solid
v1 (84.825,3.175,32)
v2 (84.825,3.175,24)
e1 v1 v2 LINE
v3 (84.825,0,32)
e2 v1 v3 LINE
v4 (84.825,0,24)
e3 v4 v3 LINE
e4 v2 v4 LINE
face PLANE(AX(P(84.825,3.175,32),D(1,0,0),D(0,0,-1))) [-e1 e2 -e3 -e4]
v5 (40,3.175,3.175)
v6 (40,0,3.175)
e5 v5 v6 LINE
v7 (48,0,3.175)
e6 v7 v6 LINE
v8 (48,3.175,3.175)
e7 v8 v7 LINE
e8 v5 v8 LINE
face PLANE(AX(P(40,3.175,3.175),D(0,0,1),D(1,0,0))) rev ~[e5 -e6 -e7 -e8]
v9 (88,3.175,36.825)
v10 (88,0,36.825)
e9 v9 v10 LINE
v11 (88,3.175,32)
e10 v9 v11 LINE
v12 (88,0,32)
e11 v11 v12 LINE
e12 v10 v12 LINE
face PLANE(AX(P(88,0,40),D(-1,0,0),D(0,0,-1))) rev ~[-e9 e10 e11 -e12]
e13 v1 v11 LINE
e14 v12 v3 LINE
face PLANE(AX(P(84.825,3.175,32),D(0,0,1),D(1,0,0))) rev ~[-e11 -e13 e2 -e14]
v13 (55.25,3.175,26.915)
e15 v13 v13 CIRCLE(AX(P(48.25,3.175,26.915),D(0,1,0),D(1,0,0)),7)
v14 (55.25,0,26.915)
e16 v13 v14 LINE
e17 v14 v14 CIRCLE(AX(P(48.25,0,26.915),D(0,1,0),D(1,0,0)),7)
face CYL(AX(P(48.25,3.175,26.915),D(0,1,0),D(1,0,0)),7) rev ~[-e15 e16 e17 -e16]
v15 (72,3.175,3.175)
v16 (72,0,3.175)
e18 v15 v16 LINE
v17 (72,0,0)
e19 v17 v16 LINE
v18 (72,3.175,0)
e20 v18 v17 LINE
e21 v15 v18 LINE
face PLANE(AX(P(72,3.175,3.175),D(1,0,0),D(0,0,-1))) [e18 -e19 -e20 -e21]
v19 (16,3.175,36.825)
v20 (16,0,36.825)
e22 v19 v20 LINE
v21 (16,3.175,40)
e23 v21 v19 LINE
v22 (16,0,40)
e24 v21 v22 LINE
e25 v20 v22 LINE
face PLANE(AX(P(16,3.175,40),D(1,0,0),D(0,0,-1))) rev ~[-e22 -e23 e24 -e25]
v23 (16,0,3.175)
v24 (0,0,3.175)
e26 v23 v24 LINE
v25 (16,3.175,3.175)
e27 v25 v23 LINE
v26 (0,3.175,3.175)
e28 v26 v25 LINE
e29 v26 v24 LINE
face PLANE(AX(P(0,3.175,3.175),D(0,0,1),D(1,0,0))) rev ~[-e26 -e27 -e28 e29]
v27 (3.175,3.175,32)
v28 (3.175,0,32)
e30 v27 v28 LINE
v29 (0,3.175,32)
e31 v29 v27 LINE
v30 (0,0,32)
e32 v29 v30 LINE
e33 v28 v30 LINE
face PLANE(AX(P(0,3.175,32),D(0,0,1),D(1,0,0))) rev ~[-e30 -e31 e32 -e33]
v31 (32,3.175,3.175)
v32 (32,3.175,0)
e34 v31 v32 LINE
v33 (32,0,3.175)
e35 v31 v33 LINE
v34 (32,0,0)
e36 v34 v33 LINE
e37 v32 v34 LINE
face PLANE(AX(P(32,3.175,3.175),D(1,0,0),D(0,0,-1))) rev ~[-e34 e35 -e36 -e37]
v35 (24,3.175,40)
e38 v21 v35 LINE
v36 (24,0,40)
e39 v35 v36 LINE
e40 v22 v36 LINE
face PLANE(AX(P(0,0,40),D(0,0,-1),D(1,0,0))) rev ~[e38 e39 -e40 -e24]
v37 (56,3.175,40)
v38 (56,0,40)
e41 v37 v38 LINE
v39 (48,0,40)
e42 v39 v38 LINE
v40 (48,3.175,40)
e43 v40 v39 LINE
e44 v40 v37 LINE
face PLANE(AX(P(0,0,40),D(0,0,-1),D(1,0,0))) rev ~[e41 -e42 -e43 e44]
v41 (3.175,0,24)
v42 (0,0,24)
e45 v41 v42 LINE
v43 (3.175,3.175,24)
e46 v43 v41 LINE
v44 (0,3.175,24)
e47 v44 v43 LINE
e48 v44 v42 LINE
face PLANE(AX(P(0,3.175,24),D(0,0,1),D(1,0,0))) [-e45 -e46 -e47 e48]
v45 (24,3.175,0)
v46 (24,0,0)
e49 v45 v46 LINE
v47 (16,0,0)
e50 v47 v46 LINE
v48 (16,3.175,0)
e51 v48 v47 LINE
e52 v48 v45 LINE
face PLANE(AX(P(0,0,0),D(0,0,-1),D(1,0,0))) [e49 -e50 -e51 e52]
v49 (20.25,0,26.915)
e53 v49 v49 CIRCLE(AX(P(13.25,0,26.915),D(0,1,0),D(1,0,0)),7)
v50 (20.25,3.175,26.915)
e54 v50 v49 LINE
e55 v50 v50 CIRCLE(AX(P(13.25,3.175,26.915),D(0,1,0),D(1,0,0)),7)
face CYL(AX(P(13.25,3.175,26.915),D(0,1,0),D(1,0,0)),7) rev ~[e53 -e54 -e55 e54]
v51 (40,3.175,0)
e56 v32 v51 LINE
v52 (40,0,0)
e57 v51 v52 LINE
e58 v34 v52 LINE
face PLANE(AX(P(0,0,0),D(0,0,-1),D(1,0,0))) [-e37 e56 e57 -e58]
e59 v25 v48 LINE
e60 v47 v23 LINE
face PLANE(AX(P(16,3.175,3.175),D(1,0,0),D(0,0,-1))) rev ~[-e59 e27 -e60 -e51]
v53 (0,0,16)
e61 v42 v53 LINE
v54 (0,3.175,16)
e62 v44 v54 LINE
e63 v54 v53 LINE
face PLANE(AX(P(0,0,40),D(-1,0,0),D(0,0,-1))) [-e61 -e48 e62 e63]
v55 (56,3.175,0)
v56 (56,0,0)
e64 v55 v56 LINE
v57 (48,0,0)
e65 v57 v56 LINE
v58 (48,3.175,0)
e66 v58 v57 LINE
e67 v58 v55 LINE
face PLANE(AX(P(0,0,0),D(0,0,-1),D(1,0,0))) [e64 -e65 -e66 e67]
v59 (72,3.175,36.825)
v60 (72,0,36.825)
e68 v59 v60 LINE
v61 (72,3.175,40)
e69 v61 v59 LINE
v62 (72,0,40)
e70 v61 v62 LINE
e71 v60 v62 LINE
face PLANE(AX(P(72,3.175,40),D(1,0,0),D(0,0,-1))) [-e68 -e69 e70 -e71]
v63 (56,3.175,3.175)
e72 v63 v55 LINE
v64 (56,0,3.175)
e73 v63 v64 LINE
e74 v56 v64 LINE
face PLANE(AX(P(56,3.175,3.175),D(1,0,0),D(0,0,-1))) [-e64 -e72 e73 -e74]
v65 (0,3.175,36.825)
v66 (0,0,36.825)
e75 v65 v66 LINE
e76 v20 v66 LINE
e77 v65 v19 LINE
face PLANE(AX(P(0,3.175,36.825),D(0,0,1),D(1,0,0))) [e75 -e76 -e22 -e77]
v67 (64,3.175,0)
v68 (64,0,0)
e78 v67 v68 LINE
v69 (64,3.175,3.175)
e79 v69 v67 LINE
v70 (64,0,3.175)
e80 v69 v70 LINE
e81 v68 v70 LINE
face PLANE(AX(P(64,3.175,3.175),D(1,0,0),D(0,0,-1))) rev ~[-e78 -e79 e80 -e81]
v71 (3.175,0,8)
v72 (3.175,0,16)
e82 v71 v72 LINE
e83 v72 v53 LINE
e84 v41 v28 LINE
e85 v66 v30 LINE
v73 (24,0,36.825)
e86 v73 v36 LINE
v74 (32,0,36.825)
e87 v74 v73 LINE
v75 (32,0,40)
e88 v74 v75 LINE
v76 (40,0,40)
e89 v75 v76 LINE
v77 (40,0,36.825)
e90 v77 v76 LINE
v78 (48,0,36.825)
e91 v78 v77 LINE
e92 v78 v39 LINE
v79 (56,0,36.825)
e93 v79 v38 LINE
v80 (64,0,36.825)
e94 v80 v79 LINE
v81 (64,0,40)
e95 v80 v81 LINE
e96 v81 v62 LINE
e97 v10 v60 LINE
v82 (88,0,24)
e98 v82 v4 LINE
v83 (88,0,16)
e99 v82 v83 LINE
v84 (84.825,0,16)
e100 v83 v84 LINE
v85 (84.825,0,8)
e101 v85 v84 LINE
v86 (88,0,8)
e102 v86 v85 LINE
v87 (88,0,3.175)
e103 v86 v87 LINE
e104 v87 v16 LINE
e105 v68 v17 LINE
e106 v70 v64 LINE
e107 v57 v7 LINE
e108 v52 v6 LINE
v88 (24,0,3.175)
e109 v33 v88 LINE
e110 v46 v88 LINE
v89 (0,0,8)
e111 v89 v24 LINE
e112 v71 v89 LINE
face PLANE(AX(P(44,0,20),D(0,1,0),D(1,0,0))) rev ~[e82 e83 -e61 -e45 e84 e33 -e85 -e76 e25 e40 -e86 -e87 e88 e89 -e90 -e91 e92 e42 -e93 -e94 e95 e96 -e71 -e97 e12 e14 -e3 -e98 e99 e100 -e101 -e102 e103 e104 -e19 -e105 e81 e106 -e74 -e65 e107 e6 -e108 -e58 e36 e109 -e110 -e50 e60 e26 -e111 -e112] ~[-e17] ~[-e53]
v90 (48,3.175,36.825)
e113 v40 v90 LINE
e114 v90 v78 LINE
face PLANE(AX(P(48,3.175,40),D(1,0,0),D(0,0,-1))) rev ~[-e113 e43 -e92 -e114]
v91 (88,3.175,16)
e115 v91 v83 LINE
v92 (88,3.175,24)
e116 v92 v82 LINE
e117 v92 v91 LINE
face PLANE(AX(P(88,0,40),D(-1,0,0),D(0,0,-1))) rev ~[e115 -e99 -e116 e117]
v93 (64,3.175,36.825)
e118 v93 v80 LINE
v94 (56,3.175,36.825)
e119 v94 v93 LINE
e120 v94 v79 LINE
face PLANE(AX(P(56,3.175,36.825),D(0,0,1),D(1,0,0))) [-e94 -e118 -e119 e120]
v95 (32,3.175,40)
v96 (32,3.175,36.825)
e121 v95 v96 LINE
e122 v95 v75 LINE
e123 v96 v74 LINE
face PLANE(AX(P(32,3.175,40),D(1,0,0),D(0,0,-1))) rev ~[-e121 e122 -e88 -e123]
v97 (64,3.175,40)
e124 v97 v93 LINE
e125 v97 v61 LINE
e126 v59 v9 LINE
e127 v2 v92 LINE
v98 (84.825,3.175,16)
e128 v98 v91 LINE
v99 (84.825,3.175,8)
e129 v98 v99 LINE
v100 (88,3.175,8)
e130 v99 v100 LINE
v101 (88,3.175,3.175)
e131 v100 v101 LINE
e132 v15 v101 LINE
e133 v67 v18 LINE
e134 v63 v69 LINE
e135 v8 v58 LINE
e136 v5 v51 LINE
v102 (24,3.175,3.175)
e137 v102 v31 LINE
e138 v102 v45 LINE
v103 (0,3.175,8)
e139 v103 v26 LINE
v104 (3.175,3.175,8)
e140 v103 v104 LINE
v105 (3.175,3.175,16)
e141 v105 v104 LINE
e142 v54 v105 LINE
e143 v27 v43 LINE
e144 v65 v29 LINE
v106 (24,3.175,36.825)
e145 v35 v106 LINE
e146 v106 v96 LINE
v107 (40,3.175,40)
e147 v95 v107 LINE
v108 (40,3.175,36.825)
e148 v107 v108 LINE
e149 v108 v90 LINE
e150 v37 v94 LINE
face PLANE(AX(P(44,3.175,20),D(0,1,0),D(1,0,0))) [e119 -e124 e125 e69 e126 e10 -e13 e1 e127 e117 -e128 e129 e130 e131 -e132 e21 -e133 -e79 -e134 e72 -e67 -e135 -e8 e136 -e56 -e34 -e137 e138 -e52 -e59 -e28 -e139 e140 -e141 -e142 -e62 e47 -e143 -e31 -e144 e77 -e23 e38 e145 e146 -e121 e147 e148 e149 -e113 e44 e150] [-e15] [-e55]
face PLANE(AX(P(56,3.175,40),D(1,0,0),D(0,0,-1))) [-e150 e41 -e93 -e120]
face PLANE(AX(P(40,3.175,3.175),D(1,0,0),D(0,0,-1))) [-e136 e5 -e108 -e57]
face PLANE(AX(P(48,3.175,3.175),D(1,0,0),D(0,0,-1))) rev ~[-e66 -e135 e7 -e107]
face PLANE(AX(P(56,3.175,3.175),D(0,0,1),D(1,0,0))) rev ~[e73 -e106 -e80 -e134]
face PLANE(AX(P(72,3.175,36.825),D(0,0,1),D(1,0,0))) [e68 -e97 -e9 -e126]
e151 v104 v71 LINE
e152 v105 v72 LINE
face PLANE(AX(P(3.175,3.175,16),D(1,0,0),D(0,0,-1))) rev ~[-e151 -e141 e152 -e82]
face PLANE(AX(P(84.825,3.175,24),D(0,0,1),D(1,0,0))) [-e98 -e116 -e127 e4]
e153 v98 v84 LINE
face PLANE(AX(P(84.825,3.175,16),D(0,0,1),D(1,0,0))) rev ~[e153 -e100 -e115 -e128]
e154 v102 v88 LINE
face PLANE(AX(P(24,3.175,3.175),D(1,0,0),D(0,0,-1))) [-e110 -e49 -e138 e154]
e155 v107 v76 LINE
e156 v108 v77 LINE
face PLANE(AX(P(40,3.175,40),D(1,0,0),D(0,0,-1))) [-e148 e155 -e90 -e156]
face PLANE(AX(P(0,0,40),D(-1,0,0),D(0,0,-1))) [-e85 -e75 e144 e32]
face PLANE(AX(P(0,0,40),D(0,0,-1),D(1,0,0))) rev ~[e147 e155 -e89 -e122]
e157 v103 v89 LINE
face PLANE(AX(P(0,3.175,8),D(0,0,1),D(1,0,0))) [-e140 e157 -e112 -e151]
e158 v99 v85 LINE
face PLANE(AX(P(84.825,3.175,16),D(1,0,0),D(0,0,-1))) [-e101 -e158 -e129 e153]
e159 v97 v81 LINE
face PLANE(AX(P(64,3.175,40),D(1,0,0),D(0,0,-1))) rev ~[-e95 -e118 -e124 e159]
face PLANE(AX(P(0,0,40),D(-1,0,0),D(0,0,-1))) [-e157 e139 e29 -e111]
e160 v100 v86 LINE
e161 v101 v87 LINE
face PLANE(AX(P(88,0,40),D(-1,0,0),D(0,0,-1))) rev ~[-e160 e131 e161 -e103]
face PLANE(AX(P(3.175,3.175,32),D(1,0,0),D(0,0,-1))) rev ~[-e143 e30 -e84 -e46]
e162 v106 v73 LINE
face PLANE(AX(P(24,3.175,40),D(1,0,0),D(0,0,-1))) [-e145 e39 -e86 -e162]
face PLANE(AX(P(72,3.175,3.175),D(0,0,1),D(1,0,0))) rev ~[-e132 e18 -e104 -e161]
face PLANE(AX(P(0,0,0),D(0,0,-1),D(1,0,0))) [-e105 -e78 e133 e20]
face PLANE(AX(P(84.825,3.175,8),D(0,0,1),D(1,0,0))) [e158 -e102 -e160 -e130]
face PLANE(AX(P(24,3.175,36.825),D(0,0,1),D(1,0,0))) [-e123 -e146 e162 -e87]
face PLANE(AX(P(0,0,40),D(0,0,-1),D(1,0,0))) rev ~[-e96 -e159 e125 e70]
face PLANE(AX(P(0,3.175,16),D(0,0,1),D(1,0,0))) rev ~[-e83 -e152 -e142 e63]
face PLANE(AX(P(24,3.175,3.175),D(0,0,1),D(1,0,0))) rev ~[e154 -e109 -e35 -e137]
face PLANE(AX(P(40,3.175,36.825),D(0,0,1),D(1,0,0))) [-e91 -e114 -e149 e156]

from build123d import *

# Parameters (mm, degrees)
SKETCH1_W           = 88
SKETCH1_H           = 40
BOSS_EXTRUDE1_DEPTH = 3.175
CUT_EXTRUDE1_REACH  = 5.175
SKETCH2_W           = 16
SKETCH2_H           = 3.175
SKETCH2_W_2         = 8
CUT_EXTRUDE2_REACH  = 5.175
SKETCH3_W           = 3.175
SKETCH3_H           = 8
CUT_EXTRUDE3_REACH  = 5.175
SKETCH4_R           = 7


with BuildPart() as part:
    # Sketch1 → Boss-Extrude1 (new body)
    with BuildSketch(Plane(origin=(0, 0, 0), x_dir=(1, 0, 0), z_dir=(0, 1, 0))):
        with Locations((44, -20)):
            Rectangle(SKETCH1_W, SKETCH1_H)
    extrude(amount=BOSS_EXTRUDE1_DEPTH)

    # Sketch2 → Cut-Extrude1 (cut, up to next)
    with BuildSketch(Plane(origin=(0, 3.175, 0), x_dir=(1, 0, 0), z_dir=(0, 1, 0)), mode=Mode.PRIVATE) as cut_extrude1_sk1:
        with Locations((8, -1.5875)):
            Rectangle(SKETCH2_W, SKETCH2_H)
    cut_extrude1_tool1 = extrude(cut_extrude1_sk1.sketch, amount=-CUT_EXTRUDE1_REACH, mode=Mode.PRIVATE) & part.part
    add(cut_extrude1_tool1.solids().sort_by_distance((8, 3.175, 1.5875))[0], mode=Mode.SUBTRACT)
    # Sketch2 → Cut-Extrude1 (cut, up to next)
    with BuildSketch(Plane(origin=(0, 3.175, 0), x_dir=(1, 0, 0), z_dir=(0, 1, 0)), mode=Mode.PRIVATE) as cut_extrude1_sk2:
        with Locations((44, -1.5875)):
            Rectangle(SKETCH2_W_2, SKETCH2_H)
    cut_extrude1_tool2 = extrude(cut_extrude1_sk2.sketch, amount=-CUT_EXTRUDE1_REACH, mode=Mode.PRIVATE) & part.part
    add(cut_extrude1_tool2.solids().sort_by_distance((44, 3.175, 1.5875))[0], mode=Mode.SUBTRACT)
    # Sketch2 → Cut-Extrude1 (cut, up to next)
    with BuildSketch(Plane(origin=(0, 3.175, 0), x_dir=(1, 0, 0), z_dir=(0, 1, 0)), mode=Mode.PRIVATE) as cut_extrude1_sk3:
        with Locations((60, -1.5875)):
            Rectangle(SKETCH2_W_2, SKETCH2_H)
    cut_extrude1_tool3 = extrude(cut_extrude1_sk3.sketch, amount=-CUT_EXTRUDE1_REACH, mode=Mode.PRIVATE) & part.part
    add(cut_extrude1_tool3.solids().sort_by_distance((60, 3.175, 1.5875))[0], mode=Mode.SUBTRACT)
    # Sketch2 → Cut-Extrude1 (cut, up to next)
    with BuildSketch(Plane(origin=(0, 3.175, 0), x_dir=(1, 0, 0), z_dir=(0, 1, 0)), mode=Mode.PRIVATE) as cut_extrude1_sk4:
        with Locations((80, -1.5875)):
            Rectangle(SKETCH2_W, SKETCH2_H)
    cut_extrude1_tool4 = extrude(cut_extrude1_sk4.sketch, amount=-CUT_EXTRUDE1_REACH, mode=Mode.PRIVATE) & part.part
    add(cut_extrude1_tool4.solids().sort_by_distance((80, 3.175, 1.5875))[0], mode=Mode.SUBTRACT)
    # Sketch2 → Cut-Extrude1 (cut, up to next)
    with BuildSketch(Plane(origin=(0, 3.175, 0), x_dir=(1, 0, 0), z_dir=(0, 1, 0)), mode=Mode.PRIVATE) as cut_extrude1_sk5:
        with Locations((28, -1.5875)):
            Rectangle(SKETCH2_W_2, SKETCH2_H)
    cut_extrude1_tool5 = extrude(cut_extrude1_sk5.sketch, amount=-CUT_EXTRUDE1_REACH, mode=Mode.PRIVATE) & part.part
    add(cut_extrude1_tool5.solids().sort_by_distance((28, 3.175, 1.5875))[0], mode=Mode.SUBTRACT)
    # Sketch2 → Cut-Extrude1 (cut, up to next)
    with BuildSketch(Plane(origin=(0, 3.175, 0), x_dir=(1, 0, 0), z_dir=(0, 1, 0)), mode=Mode.PRIVATE) as cut_extrude1_sk6:
        with Locations((44, -38.4125)):
            Rectangle(SKETCH2_W_2, SKETCH2_H)
    cut_extrude1_tool6 = extrude(cut_extrude1_sk6.sketch, amount=-CUT_EXTRUDE1_REACH, mode=Mode.PRIVATE) & part.part
    add(cut_extrude1_tool6.solids().sort_by_distance((44, 3.175, 38.4125))[0], mode=Mode.SUBTRACT)
    # Sketch2 → Cut-Extrude1 (cut, up to next)
    with BuildSketch(Plane(origin=(0, 3.175, 0), x_dir=(1, 0, 0), z_dir=(0, 1, 0)), mode=Mode.PRIVATE) as cut_extrude1_sk7:
        with Locations((28, -38.4125)):
            Rectangle(SKETCH2_W_2, SKETCH2_H)
    cut_extrude1_tool7 = extrude(cut_extrude1_sk7.sketch, amount=-CUT_EXTRUDE1_REACH, mode=Mode.PRIVATE) & part.part
    add(cut_extrude1_tool7.solids().sort_by_distance((28, 3.175, 38.4125))[0], mode=Mode.SUBTRACT)
    # Sketch2 → Cut-Extrude1 (cut, up to next)
    with BuildSketch(Plane(origin=(0, 3.175, 0), x_dir=(1, 0, 0), z_dir=(0, 1, 0)), mode=Mode.PRIVATE) as cut_extrude1_sk8:
        with Locations((8, -38.4125)):
            Rectangle(SKETCH2_W, SKETCH2_H)
    cut_extrude1_tool8 = extrude(cut_extrude1_sk8.sketch, amount=-CUT_EXTRUDE1_REACH, mode=Mode.PRIVATE) & part.part
    add(cut_extrude1_tool8.solids().sort_by_distance((8, 3.175, 38.4125))[0], mode=Mode.SUBTRACT)
    # Sketch2 → Cut-Extrude1 (cut, up to next)
    with BuildSketch(Plane(origin=(0, 3.175, 0), x_dir=(1, 0, 0), z_dir=(0, 1, 0)), mode=Mode.PRIVATE) as cut_extrude1_sk9:
        with Locations((80, -38.4125)):
            Rectangle(SKETCH2_W, SKETCH2_H)
    cut_extrude1_tool9 = extrude(cut_extrude1_sk9.sketch, amount=-CUT_EXTRUDE1_REACH, mode=Mode.PRIVATE) & part.part
    add(cut_extrude1_tool9.solids().sort_by_distance((80, 3.175, 38.4125))[0], mode=Mode.SUBTRACT)
    # Sketch2 → Cut-Extrude1 (cut, up to next)
    with BuildSketch(Plane(origin=(0, 3.175, 0), x_dir=(1, 0, 0), z_dir=(0, 1, 0)), mode=Mode.PRIVATE) as cut_extrude1_sk10:
        with Locations((60, -38.4125)):
            Rectangle(SKETCH2_W_2, SKETCH2_H)
    cut_extrude1_tool10 = extrude(cut_extrude1_sk10.sketch, amount=-CUT_EXTRUDE1_REACH, mode=Mode.PRIVATE) & part.part
    add(cut_extrude1_tool10.solids().sort_by_distance((60, 3.175, 38.4125))[0], mode=Mode.SUBTRACT)

    # Sketch3 → Cut-Extrude2 (cut, up to next)
    with BuildSketch(Plane(origin=(0, 3.175, 0), x_dir=(1, 0, 0), z_dir=(0, 1, 0)), mode=Mode.PRIVATE) as cut_extrude2_sk1:
        with Locations((1.5875, -28)):
            Rectangle(SKETCH3_W, SKETCH3_H)
    cut_extrude2_tool1 = extrude(cut_extrude2_sk1.sketch, amount=-CUT_EXTRUDE2_REACH, mode=Mode.PRIVATE) & part.part
    add(cut_extrude2_tool1.solids().sort_by_distance((1.5875, 3.175, 28))[0], mode=Mode.SUBTRACT)
    # Sketch3 → Cut-Extrude2 (cut, up to next)
    with BuildSketch(Plane(origin=(0, 3.175, 0), x_dir=(1, 0, 0), z_dir=(0, 1, 0)), mode=Mode.PRIVATE) as cut_extrude2_sk2:
        with Locations((1.5875, -12)):
            Rectangle(SKETCH3_W, SKETCH3_H)
    cut_extrude2_tool2 = extrude(cut_extrude2_sk2.sketch, amount=-CUT_EXTRUDE2_REACH, mode=Mode.PRIVATE) & part.part
    add(cut_extrude2_tool2.solids().sort_by_distance((1.5875, 3.175, 12))[0], mode=Mode.SUBTRACT)
    # Sketch3 → Cut-Extrude2 (cut, up to next)
    with BuildSketch(Plane(origin=(0, 3.175, 0), x_dir=(1, 0, 0), z_dir=(0, 1, 0)), mode=Mode.PRIVATE) as cut_extrude2_sk3:
        with Locations((86.4125, -28)):
            Rectangle(SKETCH3_W, SKETCH3_H)
    cut_extrude2_tool3 = extrude(cut_extrude2_sk3.sketch, amount=-CUT_EXTRUDE2_REACH, mode=Mode.PRIVATE) & part.part
    add(cut_extrude2_tool3.solids().sort_by_distance((86.4125, 3.175, 28))[0], mode=Mode.SUBTRACT)
    # Sketch3 → Cut-Extrude2 (cut, up to next)
    with BuildSketch(Plane(origin=(0, 3.175, 0), x_dir=(1, 0, 0), z_dir=(0, 1, 0)), mode=Mode.PRIVATE) as cut_extrude2_sk4:
        with Locations((86.4125, -12)):
            Rectangle(SKETCH3_W, SKETCH3_H)
    cut_extrude2_tool4 = extrude(cut_extrude2_sk4.sketch, amount=-CUT_EXTRUDE2_REACH, mode=Mode.PRIVATE) & part.part
    add(cut_extrude2_tool4.solids().sort_by_distance((86.4125, 3.175, 12))[0], mode=Mode.SUBTRACT)

    # Sketch4 → Cut-Extrude3 (cut, up to next)
    with BuildSketch(Plane(origin=(0, 3.175, 0), x_dir=(1, 0, 0), z_dir=(0, 1, 0)), mode=Mode.PRIVATE) as cut_extrude3_sk1:
        with Locations((13.25, -26.915)):
            Circle(SKETCH4_R)
    cut_extrude3_tool1 = extrude(cut_extrude3_sk1.sketch, amount=-CUT_EXTRUDE3_REACH, mode=Mode.PRIVATE) & part.part
    add(cut_extrude3_tool1.solids().sort_by_distance((13.25, 3.175, 26.915))[0], mode=Mode.SUBTRACT)
    # Sketch4 → Cut-Extrude3 (cut, up to next)
    with BuildSketch(Plane(origin=(0, 3.175, 0), x_dir=(1, 0, 0), z_dir=(0, 1, 0)), mode=Mode.PRIVATE) as cut_extrude3_sk2:
        with Locations((48.25, -26.915)):
            Circle(SKETCH4_R)
    cut_extrude3_tool2 = extrude(cut_extrude3_sk2.sketch, amount=-CUT_EXTRUDE3_REACH, mode=Mode.PRIVATE) & part.part
    add(cut_extrude3_tool2.solids().sort_by_distance((48.25, 3.175, 26.915))[0], mode=Mode.SUBTRACT)


solid = part.part
